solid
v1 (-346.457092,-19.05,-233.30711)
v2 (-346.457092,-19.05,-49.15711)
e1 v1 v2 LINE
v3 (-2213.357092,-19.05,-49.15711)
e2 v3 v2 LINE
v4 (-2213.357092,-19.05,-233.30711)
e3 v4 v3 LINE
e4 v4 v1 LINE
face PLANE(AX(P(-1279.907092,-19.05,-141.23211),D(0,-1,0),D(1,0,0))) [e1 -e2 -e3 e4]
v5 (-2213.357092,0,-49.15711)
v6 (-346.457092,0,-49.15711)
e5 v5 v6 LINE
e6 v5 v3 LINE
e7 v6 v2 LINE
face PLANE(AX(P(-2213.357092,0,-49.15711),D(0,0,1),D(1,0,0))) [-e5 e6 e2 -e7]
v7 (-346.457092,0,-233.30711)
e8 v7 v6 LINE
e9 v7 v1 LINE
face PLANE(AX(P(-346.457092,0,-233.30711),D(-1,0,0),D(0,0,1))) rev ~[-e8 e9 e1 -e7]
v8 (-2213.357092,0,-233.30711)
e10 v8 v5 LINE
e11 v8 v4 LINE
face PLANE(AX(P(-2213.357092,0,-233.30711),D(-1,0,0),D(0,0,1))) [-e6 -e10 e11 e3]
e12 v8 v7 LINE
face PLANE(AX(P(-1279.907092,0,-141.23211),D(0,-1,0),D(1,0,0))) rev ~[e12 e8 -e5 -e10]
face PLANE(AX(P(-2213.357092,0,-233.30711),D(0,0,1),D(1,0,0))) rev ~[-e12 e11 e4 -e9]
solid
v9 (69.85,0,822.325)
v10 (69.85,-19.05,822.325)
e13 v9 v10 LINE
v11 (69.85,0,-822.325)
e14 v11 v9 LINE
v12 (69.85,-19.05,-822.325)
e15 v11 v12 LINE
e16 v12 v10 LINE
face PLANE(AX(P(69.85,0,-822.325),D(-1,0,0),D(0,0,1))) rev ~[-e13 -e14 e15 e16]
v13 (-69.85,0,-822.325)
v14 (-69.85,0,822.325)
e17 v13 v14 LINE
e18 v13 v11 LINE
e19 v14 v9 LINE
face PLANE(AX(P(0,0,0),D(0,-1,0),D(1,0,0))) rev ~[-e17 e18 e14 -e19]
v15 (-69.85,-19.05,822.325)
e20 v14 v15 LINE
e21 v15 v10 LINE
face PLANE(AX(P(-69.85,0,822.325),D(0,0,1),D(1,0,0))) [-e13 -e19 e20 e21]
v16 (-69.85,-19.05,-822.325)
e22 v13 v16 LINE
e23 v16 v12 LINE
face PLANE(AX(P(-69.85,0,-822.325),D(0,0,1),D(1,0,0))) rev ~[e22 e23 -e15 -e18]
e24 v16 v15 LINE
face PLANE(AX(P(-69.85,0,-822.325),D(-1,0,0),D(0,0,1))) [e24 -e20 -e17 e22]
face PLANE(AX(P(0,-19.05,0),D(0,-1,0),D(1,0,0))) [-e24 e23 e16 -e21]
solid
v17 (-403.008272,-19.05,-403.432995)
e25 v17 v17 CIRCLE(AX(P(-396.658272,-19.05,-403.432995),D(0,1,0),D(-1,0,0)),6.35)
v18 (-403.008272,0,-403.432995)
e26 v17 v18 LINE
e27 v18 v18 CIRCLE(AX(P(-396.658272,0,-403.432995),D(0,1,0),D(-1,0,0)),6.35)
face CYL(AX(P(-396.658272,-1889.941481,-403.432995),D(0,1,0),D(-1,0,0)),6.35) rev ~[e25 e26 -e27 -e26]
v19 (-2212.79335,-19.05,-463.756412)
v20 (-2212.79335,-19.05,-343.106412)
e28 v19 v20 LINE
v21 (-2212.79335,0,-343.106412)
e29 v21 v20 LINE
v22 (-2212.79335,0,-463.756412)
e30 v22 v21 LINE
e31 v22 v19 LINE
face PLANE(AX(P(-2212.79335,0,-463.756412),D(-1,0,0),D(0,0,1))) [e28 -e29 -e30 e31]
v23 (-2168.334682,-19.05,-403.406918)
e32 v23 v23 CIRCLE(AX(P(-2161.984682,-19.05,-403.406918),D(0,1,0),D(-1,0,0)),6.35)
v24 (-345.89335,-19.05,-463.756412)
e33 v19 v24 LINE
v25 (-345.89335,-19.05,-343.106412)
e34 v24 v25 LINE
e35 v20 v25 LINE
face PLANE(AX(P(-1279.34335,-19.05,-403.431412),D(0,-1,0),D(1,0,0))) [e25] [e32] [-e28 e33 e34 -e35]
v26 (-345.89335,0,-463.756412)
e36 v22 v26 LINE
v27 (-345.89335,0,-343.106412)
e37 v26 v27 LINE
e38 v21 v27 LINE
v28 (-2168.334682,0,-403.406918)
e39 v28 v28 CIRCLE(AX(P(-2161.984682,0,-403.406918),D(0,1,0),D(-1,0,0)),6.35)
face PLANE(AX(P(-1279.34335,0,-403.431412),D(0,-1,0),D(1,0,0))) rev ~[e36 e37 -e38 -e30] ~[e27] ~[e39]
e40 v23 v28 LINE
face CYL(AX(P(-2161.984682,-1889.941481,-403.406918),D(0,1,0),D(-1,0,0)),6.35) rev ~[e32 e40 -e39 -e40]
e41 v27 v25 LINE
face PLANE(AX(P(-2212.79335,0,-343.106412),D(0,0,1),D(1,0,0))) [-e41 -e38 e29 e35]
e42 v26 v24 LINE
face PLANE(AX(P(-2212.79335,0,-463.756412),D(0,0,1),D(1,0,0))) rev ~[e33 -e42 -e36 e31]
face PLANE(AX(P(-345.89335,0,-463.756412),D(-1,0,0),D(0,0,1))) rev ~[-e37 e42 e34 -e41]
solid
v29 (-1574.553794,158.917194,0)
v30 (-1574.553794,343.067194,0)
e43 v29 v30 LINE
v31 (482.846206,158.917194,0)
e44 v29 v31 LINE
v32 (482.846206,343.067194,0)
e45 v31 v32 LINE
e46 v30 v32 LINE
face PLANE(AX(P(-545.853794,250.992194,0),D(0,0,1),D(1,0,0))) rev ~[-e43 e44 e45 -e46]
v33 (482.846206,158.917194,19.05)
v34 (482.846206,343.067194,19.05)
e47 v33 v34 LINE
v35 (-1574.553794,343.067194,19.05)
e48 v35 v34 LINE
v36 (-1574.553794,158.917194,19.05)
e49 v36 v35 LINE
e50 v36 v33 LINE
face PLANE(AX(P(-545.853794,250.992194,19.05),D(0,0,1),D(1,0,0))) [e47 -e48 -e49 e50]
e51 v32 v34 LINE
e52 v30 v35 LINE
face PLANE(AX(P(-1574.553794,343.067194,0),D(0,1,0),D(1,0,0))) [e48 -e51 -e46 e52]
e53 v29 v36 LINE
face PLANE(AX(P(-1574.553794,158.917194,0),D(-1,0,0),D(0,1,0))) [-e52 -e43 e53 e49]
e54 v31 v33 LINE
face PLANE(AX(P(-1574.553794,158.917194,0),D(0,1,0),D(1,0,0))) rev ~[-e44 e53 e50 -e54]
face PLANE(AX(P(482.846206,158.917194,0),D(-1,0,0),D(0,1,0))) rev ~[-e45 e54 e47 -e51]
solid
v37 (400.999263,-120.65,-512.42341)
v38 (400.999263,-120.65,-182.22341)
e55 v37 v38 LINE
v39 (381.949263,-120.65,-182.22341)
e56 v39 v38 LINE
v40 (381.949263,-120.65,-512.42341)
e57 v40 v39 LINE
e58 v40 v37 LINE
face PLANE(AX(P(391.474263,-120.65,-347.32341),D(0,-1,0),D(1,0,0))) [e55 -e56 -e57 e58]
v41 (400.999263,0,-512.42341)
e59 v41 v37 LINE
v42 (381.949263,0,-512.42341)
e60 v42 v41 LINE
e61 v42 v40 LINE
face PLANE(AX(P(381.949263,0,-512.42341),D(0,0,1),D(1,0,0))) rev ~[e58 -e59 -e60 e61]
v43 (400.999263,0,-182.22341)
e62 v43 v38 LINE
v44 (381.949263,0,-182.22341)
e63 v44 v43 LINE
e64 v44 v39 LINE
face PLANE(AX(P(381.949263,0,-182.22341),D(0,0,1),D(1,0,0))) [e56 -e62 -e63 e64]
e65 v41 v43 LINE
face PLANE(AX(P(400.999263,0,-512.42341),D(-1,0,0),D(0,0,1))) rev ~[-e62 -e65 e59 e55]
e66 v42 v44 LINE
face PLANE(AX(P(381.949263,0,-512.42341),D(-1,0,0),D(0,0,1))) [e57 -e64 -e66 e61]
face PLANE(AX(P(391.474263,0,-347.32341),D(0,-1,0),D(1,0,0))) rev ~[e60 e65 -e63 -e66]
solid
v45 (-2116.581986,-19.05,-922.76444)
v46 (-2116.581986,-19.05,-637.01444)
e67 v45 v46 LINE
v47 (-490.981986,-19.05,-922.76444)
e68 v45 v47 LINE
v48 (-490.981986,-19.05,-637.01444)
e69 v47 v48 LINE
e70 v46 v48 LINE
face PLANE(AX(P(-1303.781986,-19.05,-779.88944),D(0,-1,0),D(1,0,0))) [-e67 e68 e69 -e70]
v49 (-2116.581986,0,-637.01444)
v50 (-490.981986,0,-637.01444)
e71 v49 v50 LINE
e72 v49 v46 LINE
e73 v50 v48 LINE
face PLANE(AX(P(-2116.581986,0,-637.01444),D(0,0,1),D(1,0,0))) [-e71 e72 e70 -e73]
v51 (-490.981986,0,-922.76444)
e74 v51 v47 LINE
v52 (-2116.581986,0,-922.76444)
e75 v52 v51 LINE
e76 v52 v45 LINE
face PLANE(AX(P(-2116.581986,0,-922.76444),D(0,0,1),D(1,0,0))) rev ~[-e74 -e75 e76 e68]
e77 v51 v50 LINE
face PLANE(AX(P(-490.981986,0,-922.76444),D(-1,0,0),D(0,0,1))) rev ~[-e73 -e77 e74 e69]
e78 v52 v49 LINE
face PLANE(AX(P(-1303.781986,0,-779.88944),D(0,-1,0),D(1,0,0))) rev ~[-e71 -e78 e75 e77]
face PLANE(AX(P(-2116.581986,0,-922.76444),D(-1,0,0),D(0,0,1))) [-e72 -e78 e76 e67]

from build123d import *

# Parameters (mm, degrees)
F0_W      = 139.7
F0_H      = 1644.65
F1_DEPTH  = 19.05
F2_W      = 2057.4
F2_H      = 184.15
F3_DEPTH  = 19.05
F6_W      = 1866.9
F6_H      = 184.15
F7_DEPTH  = 19.05
F8_W      = 1866.9
F8_H      = 120.65
F9_DEPTH  = 19.05
F10_W     = 19.05
F10_H     = 330.2
F11_DEPTH = 120.65
F14_D     = 12.7
F15_W     = 1625.6
F15_H     = 285.75
F16_DEPTH = 19.05


with BuildPart() as f1:
    # F0 (on Front) → F1 (new body)
    with BuildSketch(Plane.XZ):
        Rectangle(F0_W, F0_H)
    extrude(amount=F1_DEPTH)


with BuildPart() as f3:
    # F2 (on Top) → F3 (new body)
    with BuildSketch(Plane.XY):
        with Locations((-545.853794, 250.992194)):
            Rectangle(F2_W, F2_H)
    extrude(amount=F3_DEPTH)


with BuildPart() as f4_1:
    # F4: copy of F1
    add(f1.part.moved(Location((-459.74, 0, 0))))


with BuildPart() as f7:
    # F6 (on Front) → F7 (new body)
    with BuildSketch(Plane.XZ):
        with Locations((-1279.907092, -141.23211)):
            Rectangle(F6_W, F6_H)
    extrude(amount=F7_DEPTH)


with BuildPart() as f9:
    # F8 (on Front) → F9 (new body)
    with BuildSketch(Plane.XZ):
        with Locations((-1279.34335, -403.431412)):
            Rectangle(F8_W, F8_H)
    extrude(amount=F9_DEPTH)

    # F14 (through all)
    with Locations(Plane.XZ.offset(19.05)):
        with Locations((-2161.984682, -403.406918), (-396.658272, -403.432995)):
            Hole(F14_D / 2)


with BuildPart() as f11:
    # F10 (on Front) → F11 (new body)
    with BuildSketch(Plane.XZ):
        with Locations((391.474263, -347.32341)):
            Rectangle(F10_W, F10_H)
    extrude(amount=F11_DEPTH)


with BuildPart() as f16:
    # F15 (on Front) → F16 (new body)
    with BuildSketch(Plane.XZ):
        with Locations((-1303.781986, -779.88944)):
            Rectangle(F15_W, F15_H)
    extrude(amount=F16_DEPTH)


solid = Compound([f1.part, f3.part, f7.part, f9.part, f11.part, f16.part])
